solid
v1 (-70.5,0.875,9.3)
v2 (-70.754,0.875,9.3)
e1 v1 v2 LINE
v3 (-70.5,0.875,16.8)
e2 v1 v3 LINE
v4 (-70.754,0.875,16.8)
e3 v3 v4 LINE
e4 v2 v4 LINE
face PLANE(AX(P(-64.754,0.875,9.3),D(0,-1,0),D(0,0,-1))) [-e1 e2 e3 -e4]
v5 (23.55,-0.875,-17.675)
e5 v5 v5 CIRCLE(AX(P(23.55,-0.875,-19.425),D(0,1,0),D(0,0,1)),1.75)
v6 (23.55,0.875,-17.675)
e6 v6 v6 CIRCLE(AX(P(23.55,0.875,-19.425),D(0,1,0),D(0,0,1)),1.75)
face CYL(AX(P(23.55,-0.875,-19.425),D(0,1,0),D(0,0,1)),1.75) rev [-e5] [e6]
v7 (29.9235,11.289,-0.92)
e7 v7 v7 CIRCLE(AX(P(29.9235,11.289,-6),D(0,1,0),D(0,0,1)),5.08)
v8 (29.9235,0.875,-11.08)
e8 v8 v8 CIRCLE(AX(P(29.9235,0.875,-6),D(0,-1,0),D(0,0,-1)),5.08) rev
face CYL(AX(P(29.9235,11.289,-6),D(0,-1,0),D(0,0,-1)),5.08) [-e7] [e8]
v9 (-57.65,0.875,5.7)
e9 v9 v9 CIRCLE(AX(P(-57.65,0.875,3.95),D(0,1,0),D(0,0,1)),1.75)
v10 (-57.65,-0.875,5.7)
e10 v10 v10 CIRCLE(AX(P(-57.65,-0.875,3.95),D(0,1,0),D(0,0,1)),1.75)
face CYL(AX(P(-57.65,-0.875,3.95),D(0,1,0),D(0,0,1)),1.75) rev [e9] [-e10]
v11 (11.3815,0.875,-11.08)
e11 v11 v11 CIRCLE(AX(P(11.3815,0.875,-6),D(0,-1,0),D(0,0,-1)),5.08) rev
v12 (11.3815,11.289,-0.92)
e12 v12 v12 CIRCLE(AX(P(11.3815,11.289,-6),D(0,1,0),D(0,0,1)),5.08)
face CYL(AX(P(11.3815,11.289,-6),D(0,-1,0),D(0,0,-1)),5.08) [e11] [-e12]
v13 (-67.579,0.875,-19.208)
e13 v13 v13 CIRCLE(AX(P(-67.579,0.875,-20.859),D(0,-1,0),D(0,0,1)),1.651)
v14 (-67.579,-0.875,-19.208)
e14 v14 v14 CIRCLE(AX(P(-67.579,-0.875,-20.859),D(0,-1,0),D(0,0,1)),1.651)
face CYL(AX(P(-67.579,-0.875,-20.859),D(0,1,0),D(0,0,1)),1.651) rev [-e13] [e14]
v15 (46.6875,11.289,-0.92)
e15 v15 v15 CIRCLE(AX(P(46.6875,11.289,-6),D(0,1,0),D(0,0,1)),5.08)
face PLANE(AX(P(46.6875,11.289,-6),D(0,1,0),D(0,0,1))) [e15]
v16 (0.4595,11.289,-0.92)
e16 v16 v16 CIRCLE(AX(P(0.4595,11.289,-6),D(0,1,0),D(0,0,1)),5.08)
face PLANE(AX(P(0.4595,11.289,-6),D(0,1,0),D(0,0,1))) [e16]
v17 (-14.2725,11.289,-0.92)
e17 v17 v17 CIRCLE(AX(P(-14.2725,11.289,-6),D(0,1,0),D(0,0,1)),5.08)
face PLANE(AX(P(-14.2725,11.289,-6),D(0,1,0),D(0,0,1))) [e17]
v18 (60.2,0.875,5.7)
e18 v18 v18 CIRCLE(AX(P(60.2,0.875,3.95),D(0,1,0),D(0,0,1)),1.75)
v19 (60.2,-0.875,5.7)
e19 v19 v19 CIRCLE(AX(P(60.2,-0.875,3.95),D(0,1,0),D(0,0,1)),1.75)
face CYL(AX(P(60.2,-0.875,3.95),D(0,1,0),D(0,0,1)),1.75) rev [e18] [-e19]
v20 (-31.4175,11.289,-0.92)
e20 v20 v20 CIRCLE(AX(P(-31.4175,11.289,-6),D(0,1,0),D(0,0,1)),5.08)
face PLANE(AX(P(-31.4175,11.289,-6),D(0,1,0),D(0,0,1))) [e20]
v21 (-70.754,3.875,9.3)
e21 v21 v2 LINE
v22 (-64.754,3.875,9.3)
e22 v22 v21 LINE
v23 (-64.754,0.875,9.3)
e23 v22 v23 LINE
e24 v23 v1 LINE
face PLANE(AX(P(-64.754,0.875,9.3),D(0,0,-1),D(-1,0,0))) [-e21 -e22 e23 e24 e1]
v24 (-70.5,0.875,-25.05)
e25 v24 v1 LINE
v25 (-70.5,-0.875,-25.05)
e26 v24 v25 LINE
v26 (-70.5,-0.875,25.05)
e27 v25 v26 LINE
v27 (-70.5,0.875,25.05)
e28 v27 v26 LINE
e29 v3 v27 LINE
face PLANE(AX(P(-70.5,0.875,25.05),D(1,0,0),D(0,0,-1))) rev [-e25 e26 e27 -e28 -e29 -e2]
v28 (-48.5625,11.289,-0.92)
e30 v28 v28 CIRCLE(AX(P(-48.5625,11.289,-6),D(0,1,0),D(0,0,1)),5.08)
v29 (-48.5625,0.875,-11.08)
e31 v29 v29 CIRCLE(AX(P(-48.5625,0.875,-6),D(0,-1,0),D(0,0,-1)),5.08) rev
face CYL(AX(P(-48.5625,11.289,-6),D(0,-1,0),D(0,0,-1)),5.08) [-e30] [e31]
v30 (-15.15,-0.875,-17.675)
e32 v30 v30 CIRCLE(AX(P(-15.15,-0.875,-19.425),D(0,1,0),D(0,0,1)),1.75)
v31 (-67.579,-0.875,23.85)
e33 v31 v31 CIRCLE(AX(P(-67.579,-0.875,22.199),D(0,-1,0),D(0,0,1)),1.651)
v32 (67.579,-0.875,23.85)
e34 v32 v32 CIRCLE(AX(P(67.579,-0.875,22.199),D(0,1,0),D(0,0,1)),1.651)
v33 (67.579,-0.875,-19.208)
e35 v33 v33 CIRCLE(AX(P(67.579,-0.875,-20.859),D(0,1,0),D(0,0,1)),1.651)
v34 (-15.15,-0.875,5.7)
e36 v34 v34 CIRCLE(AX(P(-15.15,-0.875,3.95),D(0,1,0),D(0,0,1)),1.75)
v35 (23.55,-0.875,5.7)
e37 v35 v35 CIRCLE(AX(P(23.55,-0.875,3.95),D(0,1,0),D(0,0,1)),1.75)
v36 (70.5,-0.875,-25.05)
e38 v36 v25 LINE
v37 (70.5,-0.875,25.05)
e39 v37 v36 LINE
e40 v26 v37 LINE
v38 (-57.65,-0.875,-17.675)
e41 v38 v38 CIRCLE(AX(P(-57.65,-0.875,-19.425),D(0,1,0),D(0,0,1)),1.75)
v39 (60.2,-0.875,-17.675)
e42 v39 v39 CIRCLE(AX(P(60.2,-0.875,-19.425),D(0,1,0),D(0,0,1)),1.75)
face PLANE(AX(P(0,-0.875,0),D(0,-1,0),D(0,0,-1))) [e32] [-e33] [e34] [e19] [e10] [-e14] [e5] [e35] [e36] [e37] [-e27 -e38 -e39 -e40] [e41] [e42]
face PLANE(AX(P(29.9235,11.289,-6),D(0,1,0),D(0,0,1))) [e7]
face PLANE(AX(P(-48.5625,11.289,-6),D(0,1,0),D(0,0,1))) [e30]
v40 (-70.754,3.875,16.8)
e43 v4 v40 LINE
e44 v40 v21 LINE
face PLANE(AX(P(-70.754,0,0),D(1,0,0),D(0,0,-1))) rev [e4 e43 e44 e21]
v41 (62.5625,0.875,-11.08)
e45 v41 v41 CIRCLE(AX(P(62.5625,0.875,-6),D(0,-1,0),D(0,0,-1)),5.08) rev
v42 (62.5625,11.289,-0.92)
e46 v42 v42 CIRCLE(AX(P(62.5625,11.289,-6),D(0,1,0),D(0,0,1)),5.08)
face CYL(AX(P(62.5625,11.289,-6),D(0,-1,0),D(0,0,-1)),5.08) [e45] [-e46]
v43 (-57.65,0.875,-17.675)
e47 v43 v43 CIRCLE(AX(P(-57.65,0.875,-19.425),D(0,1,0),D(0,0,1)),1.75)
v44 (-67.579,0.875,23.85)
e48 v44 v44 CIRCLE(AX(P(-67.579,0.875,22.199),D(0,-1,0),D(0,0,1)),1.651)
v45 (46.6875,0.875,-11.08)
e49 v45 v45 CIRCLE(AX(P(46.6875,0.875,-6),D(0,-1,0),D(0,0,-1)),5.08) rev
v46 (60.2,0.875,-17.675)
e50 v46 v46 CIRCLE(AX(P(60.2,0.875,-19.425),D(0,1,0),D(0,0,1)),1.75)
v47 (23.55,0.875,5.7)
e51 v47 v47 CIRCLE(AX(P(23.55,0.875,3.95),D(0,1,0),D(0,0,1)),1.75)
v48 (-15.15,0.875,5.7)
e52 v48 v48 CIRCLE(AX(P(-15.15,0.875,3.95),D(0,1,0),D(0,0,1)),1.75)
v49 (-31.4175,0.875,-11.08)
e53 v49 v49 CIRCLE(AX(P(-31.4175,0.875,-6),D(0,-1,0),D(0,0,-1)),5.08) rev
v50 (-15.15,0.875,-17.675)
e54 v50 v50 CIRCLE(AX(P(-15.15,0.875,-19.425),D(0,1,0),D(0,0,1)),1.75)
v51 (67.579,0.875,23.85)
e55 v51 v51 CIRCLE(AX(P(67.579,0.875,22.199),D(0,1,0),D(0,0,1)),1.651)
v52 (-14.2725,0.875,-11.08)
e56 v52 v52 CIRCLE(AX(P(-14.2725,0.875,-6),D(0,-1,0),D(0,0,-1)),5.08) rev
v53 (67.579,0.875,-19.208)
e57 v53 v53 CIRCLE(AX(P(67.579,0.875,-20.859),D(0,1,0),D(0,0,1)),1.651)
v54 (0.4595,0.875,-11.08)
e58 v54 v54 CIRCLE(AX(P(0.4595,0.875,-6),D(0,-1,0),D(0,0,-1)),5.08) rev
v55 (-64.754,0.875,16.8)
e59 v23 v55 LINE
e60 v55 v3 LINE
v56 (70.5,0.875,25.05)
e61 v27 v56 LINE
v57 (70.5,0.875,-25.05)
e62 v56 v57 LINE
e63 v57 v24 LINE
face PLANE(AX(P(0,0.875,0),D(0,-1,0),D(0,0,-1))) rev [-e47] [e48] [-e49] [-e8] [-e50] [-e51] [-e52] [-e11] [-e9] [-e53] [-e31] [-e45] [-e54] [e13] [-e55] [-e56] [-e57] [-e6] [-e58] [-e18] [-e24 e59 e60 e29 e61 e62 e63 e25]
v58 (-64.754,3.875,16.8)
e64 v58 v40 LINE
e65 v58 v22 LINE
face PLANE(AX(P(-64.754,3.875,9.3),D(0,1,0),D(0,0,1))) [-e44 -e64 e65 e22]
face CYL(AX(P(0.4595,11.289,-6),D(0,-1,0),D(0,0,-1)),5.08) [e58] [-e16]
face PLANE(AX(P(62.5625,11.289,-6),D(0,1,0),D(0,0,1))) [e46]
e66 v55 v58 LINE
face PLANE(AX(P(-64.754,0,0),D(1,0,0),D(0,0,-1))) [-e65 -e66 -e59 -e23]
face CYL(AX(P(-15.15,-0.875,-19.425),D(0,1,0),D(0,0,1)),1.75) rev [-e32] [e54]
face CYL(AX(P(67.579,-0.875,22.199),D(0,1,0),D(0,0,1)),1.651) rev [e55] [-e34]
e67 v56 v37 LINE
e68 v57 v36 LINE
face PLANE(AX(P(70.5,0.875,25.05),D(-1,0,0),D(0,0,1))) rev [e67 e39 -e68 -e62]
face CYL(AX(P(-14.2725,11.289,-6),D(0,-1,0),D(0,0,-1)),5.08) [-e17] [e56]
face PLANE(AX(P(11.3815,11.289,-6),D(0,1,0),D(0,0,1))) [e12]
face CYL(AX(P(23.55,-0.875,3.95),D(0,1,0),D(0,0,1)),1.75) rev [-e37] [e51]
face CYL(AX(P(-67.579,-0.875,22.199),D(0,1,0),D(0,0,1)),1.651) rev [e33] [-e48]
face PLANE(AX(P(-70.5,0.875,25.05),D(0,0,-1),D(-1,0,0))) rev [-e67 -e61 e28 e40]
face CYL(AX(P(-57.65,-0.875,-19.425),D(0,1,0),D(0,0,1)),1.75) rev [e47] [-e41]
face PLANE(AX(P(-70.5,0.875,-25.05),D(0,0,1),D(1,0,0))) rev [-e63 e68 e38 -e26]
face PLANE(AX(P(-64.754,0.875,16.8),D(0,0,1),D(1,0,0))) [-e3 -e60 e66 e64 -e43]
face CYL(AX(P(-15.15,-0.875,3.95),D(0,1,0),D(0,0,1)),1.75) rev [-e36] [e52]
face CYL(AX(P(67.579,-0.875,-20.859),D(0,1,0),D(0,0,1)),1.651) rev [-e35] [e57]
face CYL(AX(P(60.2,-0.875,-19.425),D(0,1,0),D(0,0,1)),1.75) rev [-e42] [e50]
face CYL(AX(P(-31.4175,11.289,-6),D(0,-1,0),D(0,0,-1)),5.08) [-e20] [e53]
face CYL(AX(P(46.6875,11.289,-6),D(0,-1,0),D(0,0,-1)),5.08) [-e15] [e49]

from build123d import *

# Parameters (mm, degrees)
SKETCH1_W               = 141
SKETCH1_H               = 50.1
BOSS_EXTRUDE1_DEPTH     = 0.875
SKETCH3_R               = 1.651
CUT_EXTRUDE1_DEPTH      = 1.875
SKETCH4_R               = 1.75
CUT_EXTRUDE2_DEPTH      = 1.875
CUT_EXTRUDE2_DEPTH_BACK = 1.875
SKETCH2_R               = 5.08
BOSS_EXTRUDE2_DEPTH     = 10.414
BOSS_EXTRUDE3_START     = 0.254
SKETCH5_W               = 7.5
SKETCH5_H               = 3
BOSS_EXTRUDE3_DEPTH     = 6


with BuildPart() as part:
    # Sketch1 → Boss-Extrude1 (new body, symmetric)
    with BuildSketch(Plane(origin=(0, 0, 0), x_dir=(1, 0, 0), z_dir=(0, 1, 0))):
        Rectangle(SKETCH1_W, SKETCH1_H)
    extrude(amount=BOSS_EXTRUDE1_DEPTH, both=True)

    # Sketch3 → Cut-Extrude1 (cut, symmetric)
    with BuildSketch(Plane(origin=(0, 0, 0), x_dir=(1, 0, 0), z_dir=(0, 1, 0))):
        with Locations((67.579, 20.859)):
            Circle(SKETCH3_R)
        with Locations((67.579, -22.199)):
            Circle(SKETCH3_R)
    cut_extrude1 = extrude(amount=CUT_EXTRUDE1_DEPTH, both=True, mode=Mode.SUBTRACT)

    # Sketch4 → Cut-Extrude2 (cut, two sides)
    with BuildSketch(Plane(origin=(0, 0, 0), x_dir=(1, 0, 0), z_dir=(0, 1, 0))) as cut_extrude2_sk:
        with Locations((-57.65, 19.425)):
            Circle(SKETCH4_R)
        with Locations((-15.15, 19.425)):
            Circle(SKETCH4_R)
        with Locations((23.55, 19.425)):
            Circle(SKETCH4_R)
        with Locations((60.2, 19.425)):
            Circle(SKETCH4_R)
        with Locations((-15.15, -3.95)):
            Circle(SKETCH4_R)
        with Locations((23.55, -3.95)):
            Circle(SKETCH4_R)
        with Locations((60.2, -3.95)):
            Circle(SKETCH4_R)
        with Locations((-57.65, -3.95)):
            Circle(SKETCH4_R)
    extrude(amount=CUT_EXTRUDE2_DEPTH, mode=Mode.SUBTRACT)
    extrude(cut_extrude2_sk.sketch, amount=-CUT_EXTRUDE2_DEPTH_BACK, mode=Mode.SUBTRACT)

    # Mirror1: Cut-Extrude1 across plane
    add(cut_extrude1.mirror(Plane(origin=(0, 0, 0), x_dir=(0, 0, 1), z_dir=(1, 0, 0))), mode=Mode.SUBTRACT)

    # Sketch2 → Boss-Extrude2 (add)
    with BuildSketch(Plane(origin=(0, 0.875, 0), x_dir=(1, 0, 0), z_dir=(0, 1, 0))):
        with Locations((-48.5625, 6)):
            Circle(SKETCH2_R)
        with Locations((-31.4175, 6)):
            Circle(SKETCH2_R)
        with Locations((-14.2725, 6)):
            Circle(SKETCH2_R)
        with Locations((0.4595, 6)):
            Circle(SKETCH2_R)
        with Locations((11.3815, 6)):
            Circle(SKETCH2_R)
        with Locations((29.9235, 6)):
            Circle(SKETCH2_R)
        with Locations((46.6875, 6)):
            Circle(SKETCH2_R)
        with Locations((62.5625, 6)):
            Circle(SKETCH2_R)
    extrude(amount=BOSS_EXTRUDE2_DEPTH)

    # Sketch5 → Boss-Extrude3 (add)
    with BuildSketch(Plane.ZY.offset(70.5).offset(BOSS_EXTRUDE3_START)):
        with Locations((13.05, 2.375)):
            Rectangle(SKETCH5_W, SKETCH5_H)
    extrude(amount=-BOSS_EXTRUDE3_DEPTH)


solid = part.part
